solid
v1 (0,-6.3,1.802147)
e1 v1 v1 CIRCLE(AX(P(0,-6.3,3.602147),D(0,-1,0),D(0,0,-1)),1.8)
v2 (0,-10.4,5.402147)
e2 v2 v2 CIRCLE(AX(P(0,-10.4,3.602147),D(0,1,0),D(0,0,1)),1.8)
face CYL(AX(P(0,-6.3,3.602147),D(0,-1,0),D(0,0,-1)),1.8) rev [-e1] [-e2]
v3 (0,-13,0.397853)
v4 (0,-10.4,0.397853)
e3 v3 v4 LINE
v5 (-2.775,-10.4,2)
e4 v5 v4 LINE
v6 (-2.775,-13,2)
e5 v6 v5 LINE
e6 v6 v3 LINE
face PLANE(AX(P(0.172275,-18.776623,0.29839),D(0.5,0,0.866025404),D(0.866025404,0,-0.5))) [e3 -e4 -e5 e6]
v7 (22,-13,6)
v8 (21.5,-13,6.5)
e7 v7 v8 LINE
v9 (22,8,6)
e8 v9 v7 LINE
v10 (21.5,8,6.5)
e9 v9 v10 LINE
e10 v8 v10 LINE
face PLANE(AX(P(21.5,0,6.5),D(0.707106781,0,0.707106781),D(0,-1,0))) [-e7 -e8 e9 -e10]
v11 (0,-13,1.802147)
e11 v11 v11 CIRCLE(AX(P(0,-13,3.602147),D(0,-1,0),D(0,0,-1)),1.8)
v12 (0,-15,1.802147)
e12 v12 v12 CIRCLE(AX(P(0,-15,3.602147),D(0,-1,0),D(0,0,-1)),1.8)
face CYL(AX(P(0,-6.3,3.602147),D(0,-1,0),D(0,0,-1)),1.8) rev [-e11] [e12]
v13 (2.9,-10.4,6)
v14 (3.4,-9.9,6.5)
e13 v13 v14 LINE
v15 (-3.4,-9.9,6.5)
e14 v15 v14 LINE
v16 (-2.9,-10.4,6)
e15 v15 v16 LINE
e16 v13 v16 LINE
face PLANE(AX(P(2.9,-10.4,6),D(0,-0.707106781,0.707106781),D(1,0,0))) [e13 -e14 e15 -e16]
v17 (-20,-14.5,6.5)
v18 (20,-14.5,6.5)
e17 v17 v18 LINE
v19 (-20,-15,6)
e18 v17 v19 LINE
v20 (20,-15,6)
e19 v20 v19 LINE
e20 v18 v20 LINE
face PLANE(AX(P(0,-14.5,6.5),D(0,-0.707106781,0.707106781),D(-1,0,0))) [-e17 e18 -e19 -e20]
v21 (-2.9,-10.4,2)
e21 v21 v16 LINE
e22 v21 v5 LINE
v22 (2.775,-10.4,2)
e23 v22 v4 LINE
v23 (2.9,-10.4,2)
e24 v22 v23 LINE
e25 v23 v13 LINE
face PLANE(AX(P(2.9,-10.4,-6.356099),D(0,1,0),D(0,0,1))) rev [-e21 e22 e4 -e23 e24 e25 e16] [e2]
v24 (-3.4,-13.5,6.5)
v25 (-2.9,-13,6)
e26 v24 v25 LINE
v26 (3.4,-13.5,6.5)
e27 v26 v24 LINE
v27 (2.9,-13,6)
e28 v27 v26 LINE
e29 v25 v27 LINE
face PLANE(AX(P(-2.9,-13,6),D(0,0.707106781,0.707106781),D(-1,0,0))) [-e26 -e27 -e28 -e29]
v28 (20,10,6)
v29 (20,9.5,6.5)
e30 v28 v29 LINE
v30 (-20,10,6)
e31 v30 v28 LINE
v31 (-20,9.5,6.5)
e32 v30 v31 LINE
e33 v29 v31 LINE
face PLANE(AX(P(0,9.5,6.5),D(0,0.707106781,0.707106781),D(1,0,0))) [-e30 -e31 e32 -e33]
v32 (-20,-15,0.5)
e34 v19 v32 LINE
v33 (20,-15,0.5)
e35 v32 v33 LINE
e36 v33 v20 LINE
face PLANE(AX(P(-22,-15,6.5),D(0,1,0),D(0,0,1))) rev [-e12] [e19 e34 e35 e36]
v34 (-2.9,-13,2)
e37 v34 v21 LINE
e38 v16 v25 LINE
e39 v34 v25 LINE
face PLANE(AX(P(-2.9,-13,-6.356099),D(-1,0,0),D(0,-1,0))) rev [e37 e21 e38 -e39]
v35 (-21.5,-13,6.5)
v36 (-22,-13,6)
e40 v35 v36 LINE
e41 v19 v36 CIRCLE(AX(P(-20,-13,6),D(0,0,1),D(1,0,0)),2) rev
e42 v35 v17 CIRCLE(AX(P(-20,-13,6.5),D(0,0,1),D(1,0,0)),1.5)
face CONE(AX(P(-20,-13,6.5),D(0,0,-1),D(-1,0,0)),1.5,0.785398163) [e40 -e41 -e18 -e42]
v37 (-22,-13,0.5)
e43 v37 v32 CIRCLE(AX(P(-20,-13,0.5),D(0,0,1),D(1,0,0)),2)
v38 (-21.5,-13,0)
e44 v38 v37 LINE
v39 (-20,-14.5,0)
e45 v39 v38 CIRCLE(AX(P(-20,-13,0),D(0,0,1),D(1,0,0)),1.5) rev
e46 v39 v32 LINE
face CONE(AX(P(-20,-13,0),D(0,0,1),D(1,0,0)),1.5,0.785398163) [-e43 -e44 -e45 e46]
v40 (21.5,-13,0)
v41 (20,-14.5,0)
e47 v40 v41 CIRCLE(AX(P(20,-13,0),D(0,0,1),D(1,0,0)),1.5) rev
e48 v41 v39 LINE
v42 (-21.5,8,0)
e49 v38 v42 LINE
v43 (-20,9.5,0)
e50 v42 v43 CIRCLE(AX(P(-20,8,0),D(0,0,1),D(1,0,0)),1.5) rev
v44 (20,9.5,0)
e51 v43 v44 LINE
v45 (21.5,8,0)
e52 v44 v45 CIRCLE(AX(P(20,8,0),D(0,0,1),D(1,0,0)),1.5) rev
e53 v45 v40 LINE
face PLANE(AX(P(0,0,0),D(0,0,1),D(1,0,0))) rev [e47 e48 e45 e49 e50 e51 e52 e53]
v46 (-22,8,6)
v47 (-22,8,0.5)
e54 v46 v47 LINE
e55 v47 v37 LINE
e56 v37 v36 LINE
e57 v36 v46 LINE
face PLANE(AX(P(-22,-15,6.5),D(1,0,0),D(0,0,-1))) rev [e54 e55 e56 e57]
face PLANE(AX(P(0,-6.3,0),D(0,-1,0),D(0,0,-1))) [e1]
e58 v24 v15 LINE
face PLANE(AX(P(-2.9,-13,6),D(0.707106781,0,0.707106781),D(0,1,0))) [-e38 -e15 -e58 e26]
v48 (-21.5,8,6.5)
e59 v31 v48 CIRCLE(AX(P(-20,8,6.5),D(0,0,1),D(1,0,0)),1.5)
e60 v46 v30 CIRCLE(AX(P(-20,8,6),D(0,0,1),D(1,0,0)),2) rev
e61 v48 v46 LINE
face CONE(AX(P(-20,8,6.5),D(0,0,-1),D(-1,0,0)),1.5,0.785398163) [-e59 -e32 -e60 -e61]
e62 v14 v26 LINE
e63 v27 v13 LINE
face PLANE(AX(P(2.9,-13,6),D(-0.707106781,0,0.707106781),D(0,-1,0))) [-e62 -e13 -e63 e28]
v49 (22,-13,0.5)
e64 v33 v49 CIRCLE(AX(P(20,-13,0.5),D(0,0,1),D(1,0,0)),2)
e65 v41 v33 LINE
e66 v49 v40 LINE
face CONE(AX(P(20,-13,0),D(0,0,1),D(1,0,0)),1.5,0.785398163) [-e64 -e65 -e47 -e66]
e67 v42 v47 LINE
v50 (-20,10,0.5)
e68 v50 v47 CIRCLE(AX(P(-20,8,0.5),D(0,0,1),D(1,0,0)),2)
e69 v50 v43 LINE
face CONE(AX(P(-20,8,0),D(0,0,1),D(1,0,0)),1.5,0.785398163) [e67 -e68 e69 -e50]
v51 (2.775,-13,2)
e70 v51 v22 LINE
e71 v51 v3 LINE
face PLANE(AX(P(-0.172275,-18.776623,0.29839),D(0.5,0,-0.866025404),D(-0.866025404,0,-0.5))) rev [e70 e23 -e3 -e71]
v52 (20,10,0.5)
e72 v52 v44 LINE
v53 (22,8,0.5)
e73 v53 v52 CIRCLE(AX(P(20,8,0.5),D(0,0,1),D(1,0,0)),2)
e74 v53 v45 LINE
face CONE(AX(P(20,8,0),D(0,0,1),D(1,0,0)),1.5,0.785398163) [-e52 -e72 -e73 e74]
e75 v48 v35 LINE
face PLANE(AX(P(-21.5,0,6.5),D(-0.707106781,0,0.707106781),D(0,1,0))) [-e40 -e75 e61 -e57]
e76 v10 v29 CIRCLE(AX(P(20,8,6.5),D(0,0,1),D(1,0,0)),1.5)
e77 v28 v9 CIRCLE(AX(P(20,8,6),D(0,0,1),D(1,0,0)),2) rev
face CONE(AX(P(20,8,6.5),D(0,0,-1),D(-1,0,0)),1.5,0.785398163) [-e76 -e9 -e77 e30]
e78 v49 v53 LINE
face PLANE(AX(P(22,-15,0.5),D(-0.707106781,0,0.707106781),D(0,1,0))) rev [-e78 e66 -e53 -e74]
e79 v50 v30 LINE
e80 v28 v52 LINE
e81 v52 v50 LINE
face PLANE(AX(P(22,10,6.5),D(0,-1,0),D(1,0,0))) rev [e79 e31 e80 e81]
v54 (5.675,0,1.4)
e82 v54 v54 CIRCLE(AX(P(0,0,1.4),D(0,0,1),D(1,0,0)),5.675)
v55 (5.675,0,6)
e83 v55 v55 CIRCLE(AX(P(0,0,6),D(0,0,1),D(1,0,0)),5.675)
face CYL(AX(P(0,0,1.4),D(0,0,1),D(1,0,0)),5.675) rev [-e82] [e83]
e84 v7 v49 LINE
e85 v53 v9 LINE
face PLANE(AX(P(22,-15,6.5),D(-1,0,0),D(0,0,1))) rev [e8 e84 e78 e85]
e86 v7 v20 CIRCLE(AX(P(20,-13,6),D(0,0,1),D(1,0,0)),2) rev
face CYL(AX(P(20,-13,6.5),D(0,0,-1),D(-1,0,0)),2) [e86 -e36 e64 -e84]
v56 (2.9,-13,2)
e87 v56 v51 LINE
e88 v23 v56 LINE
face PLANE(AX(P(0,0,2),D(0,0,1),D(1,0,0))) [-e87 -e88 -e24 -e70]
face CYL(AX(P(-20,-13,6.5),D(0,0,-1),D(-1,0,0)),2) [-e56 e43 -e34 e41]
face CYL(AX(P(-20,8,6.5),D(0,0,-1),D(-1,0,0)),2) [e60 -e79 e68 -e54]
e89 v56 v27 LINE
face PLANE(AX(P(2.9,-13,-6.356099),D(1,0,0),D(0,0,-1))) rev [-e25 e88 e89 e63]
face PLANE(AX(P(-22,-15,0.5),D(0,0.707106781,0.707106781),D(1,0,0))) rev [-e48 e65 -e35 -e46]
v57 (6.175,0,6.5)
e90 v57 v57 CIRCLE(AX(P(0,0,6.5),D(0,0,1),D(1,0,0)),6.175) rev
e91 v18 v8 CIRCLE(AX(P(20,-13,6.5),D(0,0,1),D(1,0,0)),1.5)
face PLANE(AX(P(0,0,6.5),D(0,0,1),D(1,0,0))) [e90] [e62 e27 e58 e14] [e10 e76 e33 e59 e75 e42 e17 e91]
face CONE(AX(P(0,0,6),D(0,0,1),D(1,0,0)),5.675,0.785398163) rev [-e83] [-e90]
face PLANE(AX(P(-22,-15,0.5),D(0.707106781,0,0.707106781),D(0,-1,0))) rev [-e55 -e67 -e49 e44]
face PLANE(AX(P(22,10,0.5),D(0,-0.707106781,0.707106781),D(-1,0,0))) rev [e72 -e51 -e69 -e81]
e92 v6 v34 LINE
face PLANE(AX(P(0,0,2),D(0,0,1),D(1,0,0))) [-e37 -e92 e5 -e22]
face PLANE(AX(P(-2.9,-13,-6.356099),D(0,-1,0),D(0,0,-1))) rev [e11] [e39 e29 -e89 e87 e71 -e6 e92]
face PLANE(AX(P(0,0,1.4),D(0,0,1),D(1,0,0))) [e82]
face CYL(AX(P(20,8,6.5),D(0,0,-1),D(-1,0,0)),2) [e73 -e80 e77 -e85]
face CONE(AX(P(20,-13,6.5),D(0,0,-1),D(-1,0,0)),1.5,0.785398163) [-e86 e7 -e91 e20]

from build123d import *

# Parameters (mm, degrees)
SKIZZE1_W                            = 44
SKIZZE1_H                            = 25
AUFSATZ_LINEAR_AUSTRAGEN1_DEPTH      = 6.5
SKIZZE2_R                            = 5.675
SCHNITT_LINEAR_AUSTRAGEN1_DEPTH      = 5.1
VERRUNDUNG1_R                        = 2
SKIZZE8_W                            = 5.8
SKIZZE8_H                            = 2.6
SCHNITT_LINEAR_AUSTRAGEN5_DEPTH      = 4.5
SCHNITT_LINEAR_AUSTRAGEN6_DEPTH      = 2.6
SCHNITT_LINEAR_AUSTRAGEN7_DEPTH      = 31.698697041
SCHNITT_LINEAR_AUSTRAGEN7_DEPTH_BACK = 4.1
FASE1_SIZE                           = 0.5


with BuildPart() as part:
    # Skizze1 → Aufsatz-Linear austragen1 (new body)
    with BuildSketch(Plane.XY):
        with Locations((0, -2.5)):
            Rectangle(SKIZZE1_W, SKIZZE1_H)
    extrude(amount=AUFSATZ_LINEAR_AUSTRAGEN1_DEPTH)

    # Skizze2 → Schnitt-Linear austragen1 (cut)
    with BuildSketch(Plane.XY.offset(6.5)):
        Circle(SKIZZE2_R)
    extrude(amount=-SCHNITT_LINEAR_AUSTRAGEN1_DEPTH, mode=Mode.SUBTRACT)

    # Verrundung1
    verrundung1_edges = [part.edges().sort_by_distance(p)[0] for p in [
        (-22, 10, 3.25),
        (22, 10, 3.25),
        (22, -15, 3.25),
        (-22, -15, 3.25),
    ]]
    fillet(verrundung1_edges, radius=VERRUNDUNG1_R)

    # Skizze8 → Schnitt-Linear austragen5 (cut)
    with BuildSketch(Plane.XY.offset(6.5)):
        with Locations((0, -11.7)):
            Rectangle(SKIZZE8_W, SKIZZE8_H)
    extrude(amount=-SCHNITT_LINEAR_AUSTRAGEN5_DEPTH, mode=Mode.SUBTRACT)

    # Skizze9 → Schnitt-Linear austragen6 (cut)
    with BuildSketch(Plane.XZ.offset(10.4)):
        with BuildLine():
            Line((-0.820441954, 2), (-2.775, 2))
            Line((-2.775, 2), (0, 0.397853003))
            Line((0, 0.397853003), (2.775, 2))
            Line((2.775, 2), (0.820441954, 2))
            ThreePointArc((0.820441954, 2), (0, 1.802146997), (-0.820441954, 2))
        make_face()
        with BuildLine():
            ThreePointArc((1.8, 3.602146997), (-0.938936761, 5.137854573), (-0.820441954, 2))
            Line((-0.820441954, 2), (0.820441954, 2))
            ThreePointArc((0.820441954, 2), (1.535707576, 2.663210236), (1.8, 3.602146997))
        make_face()
        with BuildLine():
            Line((0.820441954, 2), (-0.820441954, 2))
            ThreePointArc((-0.820441954, 2), (0, 1.802146997), (0.820441954, 2))
        make_face()
    extrude(amount=SCHNITT_LINEAR_AUSTRAGEN6_DEPTH, mode=Mode.SUBTRACT)

    # Skizze9<3> → Schnitt-Linear austragen7 (cut, two sides: drawn at the far end of the back side and taken through both)
    with BuildSketch(Plane.XZ.offset(10.4).offset(-SCHNITT_LINEAR_AUSTRAGEN7_DEPTH_BACK)):
        with BuildLine():
            ThreePointArc((1.8, 3.602146997), (-0.938936761, 5.137854573), (-0.820441954, 2))
            Line((-0.820441954, 2), (0.820441954, 2))
            ThreePointArc((0.820441954, 2), (1.535707576, 2.663210236), (1.8, 3.602146997))
        make_face()
        with BuildLine():
            Line((0.820441954, 2), (-0.820441954, 2))
            ThreePointArc((-0.820441954, 2), (0, 1.802146997), (0.820441954, 2))
        make_face()
    extrude(amount=SCHNITT_LINEAR_AUSTRAGEN7_DEPTH + SCHNITT_LINEAR_AUSTRAGEN7_DEPTH_BACK, mode=Mode.SUBTRACT)

    # Fase1
    fase1_edges = [part.edges().sort_by_distance(p)[0] for p in [
        (-5.675, 0, 6.5),
        (0, 10, 0),
        (0, 10, 6.5),
        (-22, -2.5, 0),
        (22, -2.5, 0),
        (0, -15, 0),
        (-21.414213562, -14.414213562, 0),
        (-21.414213562, 9.414213562, 0),
        (21.414213562, -14.414213562, 0),
        (21.414213562, 9.414213562, 0),
        (22, -2.5, 6.5),
        (-22, -2.5, 6.5),
        (0, -15, 6.5),
        (-21.414213562, -14.414213562, 6.5),
        (-21.414213562, 9.414213562, 6.5),
        (21.414213562, -14.414213562, 6.5),
        (21.414213562, 9.414213562, 6.5),
        (2.9, -11.7, 6.5),
        (0, -10.4, 6.5),
        (-2.9, -11.7, 6.5),
        (0, -13, 6.5),
    ]]
    chamfer(fase1_edges, length=FASE1_SIZE)


solid = part.part
